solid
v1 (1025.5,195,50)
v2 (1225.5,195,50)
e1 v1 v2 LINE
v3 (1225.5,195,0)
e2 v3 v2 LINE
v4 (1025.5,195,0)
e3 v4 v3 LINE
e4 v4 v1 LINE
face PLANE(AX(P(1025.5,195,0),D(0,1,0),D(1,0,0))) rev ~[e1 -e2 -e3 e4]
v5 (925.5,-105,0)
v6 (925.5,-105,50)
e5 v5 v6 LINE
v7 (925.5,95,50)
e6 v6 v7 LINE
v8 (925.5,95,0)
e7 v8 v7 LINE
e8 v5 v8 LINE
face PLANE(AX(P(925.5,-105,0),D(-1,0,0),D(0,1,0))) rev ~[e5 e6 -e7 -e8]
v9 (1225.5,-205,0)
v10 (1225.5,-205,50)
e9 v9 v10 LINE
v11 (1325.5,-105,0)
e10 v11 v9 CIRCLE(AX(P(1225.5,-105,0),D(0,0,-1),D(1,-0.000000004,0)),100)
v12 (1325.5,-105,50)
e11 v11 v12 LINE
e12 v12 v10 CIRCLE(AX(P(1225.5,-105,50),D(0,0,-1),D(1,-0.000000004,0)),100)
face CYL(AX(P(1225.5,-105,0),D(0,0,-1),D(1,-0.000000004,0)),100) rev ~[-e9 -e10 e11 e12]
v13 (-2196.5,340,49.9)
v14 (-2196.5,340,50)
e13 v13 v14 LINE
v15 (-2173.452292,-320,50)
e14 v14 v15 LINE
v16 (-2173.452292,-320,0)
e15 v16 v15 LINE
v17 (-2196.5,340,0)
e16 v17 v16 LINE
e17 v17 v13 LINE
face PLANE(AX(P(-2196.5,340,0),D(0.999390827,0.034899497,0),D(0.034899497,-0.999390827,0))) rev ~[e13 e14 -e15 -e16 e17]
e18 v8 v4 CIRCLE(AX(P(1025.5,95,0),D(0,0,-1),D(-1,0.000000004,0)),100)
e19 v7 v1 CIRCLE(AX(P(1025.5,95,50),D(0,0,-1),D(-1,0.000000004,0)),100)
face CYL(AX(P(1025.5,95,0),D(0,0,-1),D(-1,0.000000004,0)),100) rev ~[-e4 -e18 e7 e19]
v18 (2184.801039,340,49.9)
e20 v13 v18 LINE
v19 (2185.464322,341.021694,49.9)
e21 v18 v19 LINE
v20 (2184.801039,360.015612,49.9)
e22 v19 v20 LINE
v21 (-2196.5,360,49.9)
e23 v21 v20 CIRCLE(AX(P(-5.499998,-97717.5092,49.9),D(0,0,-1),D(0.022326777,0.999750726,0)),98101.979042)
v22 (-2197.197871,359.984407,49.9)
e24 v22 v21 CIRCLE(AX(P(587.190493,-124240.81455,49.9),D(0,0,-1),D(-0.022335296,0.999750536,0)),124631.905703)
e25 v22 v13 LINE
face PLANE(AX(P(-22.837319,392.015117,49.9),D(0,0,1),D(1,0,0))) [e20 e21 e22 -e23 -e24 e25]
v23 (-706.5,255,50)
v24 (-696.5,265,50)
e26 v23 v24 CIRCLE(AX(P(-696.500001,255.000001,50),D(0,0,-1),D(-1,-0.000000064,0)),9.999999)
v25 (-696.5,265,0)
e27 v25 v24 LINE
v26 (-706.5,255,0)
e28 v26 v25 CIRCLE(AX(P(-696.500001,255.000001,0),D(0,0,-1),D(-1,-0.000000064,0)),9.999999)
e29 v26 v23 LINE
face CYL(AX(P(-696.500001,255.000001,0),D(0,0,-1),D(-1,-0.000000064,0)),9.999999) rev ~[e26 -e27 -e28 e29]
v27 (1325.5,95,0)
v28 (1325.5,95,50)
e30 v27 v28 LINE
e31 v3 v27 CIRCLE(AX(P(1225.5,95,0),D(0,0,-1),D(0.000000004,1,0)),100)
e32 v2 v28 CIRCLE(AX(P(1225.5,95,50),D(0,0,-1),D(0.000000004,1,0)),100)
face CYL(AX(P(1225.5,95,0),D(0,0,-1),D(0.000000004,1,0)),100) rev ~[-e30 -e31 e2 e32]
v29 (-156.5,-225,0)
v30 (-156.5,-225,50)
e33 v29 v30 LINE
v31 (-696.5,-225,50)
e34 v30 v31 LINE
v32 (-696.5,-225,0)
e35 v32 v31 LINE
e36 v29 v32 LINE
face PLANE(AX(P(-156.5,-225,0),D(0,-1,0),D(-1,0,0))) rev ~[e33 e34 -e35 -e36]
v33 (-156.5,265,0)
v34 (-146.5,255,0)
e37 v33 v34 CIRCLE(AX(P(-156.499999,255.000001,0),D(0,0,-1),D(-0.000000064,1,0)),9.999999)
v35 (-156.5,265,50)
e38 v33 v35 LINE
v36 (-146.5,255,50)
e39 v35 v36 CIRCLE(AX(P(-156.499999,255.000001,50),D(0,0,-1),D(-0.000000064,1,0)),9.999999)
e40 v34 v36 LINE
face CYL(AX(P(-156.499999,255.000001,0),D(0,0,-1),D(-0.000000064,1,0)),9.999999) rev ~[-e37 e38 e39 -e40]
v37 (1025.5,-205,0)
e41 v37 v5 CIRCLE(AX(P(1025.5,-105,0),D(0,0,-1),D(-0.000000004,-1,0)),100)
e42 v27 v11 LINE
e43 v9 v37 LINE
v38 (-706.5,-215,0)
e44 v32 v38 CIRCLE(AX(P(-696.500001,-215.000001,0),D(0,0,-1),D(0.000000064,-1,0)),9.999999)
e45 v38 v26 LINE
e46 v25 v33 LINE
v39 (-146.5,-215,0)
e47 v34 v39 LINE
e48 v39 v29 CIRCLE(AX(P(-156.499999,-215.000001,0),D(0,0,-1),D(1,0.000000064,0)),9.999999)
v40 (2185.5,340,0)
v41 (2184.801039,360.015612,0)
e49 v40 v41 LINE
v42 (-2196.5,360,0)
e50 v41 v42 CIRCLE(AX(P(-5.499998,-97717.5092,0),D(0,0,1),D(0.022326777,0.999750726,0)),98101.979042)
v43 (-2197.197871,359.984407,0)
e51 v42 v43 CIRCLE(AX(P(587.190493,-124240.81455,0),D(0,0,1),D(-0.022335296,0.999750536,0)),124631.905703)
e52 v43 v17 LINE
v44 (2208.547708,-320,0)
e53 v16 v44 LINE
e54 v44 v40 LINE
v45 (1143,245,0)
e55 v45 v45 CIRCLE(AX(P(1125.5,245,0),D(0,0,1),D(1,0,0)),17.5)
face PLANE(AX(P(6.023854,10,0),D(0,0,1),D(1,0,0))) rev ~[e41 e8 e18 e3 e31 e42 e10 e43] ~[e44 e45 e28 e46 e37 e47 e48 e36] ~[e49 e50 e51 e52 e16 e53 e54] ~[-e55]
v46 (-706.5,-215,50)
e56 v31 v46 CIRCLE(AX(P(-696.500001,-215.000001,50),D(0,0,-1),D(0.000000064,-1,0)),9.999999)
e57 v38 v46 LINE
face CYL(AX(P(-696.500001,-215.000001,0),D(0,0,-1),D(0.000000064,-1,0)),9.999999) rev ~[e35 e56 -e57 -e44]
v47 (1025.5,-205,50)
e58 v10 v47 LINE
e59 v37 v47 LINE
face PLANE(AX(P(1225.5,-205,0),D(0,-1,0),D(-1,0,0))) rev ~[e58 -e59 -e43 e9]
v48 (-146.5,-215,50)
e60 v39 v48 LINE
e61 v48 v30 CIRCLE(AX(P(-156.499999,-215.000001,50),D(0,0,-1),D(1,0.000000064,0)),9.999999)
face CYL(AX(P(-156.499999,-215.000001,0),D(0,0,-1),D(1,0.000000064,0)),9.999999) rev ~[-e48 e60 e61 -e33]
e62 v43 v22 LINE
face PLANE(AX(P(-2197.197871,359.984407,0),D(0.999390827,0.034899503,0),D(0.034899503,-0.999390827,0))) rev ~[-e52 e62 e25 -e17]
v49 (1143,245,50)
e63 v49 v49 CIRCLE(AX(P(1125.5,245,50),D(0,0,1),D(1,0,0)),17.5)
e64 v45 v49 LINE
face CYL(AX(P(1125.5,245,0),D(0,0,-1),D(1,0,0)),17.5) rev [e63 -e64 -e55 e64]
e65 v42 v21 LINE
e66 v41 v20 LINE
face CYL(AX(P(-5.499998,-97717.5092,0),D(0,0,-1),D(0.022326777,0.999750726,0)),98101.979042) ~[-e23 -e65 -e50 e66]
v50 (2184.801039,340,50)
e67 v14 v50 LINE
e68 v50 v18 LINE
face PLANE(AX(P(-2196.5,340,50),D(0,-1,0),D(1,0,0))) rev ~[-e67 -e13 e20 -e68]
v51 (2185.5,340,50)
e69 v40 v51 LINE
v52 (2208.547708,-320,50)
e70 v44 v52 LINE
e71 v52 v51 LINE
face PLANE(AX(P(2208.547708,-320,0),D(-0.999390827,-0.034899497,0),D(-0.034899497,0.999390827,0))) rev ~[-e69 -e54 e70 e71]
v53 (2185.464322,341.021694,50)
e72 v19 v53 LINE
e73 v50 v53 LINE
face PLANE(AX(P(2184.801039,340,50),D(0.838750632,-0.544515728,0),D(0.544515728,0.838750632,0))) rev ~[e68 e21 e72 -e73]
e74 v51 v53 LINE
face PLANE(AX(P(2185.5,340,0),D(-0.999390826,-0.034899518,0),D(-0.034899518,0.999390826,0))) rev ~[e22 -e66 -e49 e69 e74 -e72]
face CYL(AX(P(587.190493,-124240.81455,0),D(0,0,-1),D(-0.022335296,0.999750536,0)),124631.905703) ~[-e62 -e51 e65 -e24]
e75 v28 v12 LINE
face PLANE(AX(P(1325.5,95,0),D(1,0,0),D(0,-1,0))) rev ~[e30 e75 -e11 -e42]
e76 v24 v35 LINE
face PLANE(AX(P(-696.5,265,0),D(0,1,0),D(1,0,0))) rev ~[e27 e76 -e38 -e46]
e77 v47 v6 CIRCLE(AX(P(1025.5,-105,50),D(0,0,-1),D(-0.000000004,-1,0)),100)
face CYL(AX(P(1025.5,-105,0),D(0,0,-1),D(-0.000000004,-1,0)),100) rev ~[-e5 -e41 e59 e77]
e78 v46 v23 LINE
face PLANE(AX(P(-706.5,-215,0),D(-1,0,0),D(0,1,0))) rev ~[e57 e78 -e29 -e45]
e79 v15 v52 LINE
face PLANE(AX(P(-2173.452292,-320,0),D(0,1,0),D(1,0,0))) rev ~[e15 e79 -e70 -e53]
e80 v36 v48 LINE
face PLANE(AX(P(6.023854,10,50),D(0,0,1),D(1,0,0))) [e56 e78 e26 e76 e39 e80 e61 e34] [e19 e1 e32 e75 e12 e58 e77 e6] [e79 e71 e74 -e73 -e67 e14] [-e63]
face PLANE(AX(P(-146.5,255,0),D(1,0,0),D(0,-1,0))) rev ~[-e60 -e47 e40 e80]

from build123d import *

# Parameters (mm, degrees)
F0_R     = 17.5
F1_DEPTH = 50
F3_DEPTH = 0.1


with BuildPart() as f1:
    # F0 (on Top) → F1 (new body)
    with BuildSketch(Plane.XY):
        Polygon((2208.547708, -320), (2185.5, 340), (-2196.5, 340), (-2173.452292, -320), align=None)
        with BuildLine():
            ThreePointArc((-706.5, 255), (-703.571068, 262.071068), (-696.5, 265))
            Line((-696.5, 265), (-156.5, 265))
            ThreePointArc((-156.5, 265), (-149.428932, 262.071068), (-146.5, 255))
            Line((-146.5, 255), (-146.5, -215))
            ThreePointArc((-146.5, -215), (-149.428932, -222.071068), (-156.5, -225))
            Line((-156.5, -225), (-696.5, -225))
            ThreePointArc((-696.5, -225), (-703.571068, -222.071068), (-706.5, -215))
            Line((-706.5, -215), (-706.5, 255))
        make_face(mode=Mode.SUBTRACT)
        with BuildLine():
            ThreePointArc((925.5, 95), (954.789322, 165.710678), (1025.5, 195))
            Line((1025.5, 195), (1225.5, 195))
            ThreePointArc((1225.5, 195), (1296.210678, 165.710678), (1325.5, 95))
            Line((1325.5, 95), (1325.5, -105))
            ThreePointArc((1325.5, -105), (1296.210678, -175.710678), (1225.5, -205))
            Line((1225.5, -205), (1025.5, -205))
            ThreePointArc((1025.5, -205), (954.789322, -175.710678), (925.5, -105))
            Line((925.5, -105), (925.5, 95))
        make_face(mode=Mode.SUBTRACT)
        with Locations((1125.5, 245)):
            Circle(F0_R, mode=Mode.SUBTRACT)
        with BuildLine():
            Line((-2196.5, 340), (2185.5, 340))
            Line((2185.5, 340), (2184.801039, 360.015612))
            ThreePointArc((2184.801039, 360.015612), (-5.849567, 384.469841), (-2196.5, 360))
            ThreePointArc((-2196.5, 360), (-2196.848935, 359.992204), (-2197.197871, 359.984407))
            Line((-2197.197871, 359.984407), (-2196.5, 340))
        make_face()
    extrude(amount=F1_DEPTH)

    # F2 (on face) → F3 (cut)
    with BuildSketch(Plane.XY.offset(50)):
        Polygon((-2304.119587, 442.101628), (-2196.5, 340), (2184.801039, 340), (2251.085272, 442.101628), align=None)
    extrude(amount=-F3_DEPTH, mode=Mode.SUBTRACT)


solid = f1.part
